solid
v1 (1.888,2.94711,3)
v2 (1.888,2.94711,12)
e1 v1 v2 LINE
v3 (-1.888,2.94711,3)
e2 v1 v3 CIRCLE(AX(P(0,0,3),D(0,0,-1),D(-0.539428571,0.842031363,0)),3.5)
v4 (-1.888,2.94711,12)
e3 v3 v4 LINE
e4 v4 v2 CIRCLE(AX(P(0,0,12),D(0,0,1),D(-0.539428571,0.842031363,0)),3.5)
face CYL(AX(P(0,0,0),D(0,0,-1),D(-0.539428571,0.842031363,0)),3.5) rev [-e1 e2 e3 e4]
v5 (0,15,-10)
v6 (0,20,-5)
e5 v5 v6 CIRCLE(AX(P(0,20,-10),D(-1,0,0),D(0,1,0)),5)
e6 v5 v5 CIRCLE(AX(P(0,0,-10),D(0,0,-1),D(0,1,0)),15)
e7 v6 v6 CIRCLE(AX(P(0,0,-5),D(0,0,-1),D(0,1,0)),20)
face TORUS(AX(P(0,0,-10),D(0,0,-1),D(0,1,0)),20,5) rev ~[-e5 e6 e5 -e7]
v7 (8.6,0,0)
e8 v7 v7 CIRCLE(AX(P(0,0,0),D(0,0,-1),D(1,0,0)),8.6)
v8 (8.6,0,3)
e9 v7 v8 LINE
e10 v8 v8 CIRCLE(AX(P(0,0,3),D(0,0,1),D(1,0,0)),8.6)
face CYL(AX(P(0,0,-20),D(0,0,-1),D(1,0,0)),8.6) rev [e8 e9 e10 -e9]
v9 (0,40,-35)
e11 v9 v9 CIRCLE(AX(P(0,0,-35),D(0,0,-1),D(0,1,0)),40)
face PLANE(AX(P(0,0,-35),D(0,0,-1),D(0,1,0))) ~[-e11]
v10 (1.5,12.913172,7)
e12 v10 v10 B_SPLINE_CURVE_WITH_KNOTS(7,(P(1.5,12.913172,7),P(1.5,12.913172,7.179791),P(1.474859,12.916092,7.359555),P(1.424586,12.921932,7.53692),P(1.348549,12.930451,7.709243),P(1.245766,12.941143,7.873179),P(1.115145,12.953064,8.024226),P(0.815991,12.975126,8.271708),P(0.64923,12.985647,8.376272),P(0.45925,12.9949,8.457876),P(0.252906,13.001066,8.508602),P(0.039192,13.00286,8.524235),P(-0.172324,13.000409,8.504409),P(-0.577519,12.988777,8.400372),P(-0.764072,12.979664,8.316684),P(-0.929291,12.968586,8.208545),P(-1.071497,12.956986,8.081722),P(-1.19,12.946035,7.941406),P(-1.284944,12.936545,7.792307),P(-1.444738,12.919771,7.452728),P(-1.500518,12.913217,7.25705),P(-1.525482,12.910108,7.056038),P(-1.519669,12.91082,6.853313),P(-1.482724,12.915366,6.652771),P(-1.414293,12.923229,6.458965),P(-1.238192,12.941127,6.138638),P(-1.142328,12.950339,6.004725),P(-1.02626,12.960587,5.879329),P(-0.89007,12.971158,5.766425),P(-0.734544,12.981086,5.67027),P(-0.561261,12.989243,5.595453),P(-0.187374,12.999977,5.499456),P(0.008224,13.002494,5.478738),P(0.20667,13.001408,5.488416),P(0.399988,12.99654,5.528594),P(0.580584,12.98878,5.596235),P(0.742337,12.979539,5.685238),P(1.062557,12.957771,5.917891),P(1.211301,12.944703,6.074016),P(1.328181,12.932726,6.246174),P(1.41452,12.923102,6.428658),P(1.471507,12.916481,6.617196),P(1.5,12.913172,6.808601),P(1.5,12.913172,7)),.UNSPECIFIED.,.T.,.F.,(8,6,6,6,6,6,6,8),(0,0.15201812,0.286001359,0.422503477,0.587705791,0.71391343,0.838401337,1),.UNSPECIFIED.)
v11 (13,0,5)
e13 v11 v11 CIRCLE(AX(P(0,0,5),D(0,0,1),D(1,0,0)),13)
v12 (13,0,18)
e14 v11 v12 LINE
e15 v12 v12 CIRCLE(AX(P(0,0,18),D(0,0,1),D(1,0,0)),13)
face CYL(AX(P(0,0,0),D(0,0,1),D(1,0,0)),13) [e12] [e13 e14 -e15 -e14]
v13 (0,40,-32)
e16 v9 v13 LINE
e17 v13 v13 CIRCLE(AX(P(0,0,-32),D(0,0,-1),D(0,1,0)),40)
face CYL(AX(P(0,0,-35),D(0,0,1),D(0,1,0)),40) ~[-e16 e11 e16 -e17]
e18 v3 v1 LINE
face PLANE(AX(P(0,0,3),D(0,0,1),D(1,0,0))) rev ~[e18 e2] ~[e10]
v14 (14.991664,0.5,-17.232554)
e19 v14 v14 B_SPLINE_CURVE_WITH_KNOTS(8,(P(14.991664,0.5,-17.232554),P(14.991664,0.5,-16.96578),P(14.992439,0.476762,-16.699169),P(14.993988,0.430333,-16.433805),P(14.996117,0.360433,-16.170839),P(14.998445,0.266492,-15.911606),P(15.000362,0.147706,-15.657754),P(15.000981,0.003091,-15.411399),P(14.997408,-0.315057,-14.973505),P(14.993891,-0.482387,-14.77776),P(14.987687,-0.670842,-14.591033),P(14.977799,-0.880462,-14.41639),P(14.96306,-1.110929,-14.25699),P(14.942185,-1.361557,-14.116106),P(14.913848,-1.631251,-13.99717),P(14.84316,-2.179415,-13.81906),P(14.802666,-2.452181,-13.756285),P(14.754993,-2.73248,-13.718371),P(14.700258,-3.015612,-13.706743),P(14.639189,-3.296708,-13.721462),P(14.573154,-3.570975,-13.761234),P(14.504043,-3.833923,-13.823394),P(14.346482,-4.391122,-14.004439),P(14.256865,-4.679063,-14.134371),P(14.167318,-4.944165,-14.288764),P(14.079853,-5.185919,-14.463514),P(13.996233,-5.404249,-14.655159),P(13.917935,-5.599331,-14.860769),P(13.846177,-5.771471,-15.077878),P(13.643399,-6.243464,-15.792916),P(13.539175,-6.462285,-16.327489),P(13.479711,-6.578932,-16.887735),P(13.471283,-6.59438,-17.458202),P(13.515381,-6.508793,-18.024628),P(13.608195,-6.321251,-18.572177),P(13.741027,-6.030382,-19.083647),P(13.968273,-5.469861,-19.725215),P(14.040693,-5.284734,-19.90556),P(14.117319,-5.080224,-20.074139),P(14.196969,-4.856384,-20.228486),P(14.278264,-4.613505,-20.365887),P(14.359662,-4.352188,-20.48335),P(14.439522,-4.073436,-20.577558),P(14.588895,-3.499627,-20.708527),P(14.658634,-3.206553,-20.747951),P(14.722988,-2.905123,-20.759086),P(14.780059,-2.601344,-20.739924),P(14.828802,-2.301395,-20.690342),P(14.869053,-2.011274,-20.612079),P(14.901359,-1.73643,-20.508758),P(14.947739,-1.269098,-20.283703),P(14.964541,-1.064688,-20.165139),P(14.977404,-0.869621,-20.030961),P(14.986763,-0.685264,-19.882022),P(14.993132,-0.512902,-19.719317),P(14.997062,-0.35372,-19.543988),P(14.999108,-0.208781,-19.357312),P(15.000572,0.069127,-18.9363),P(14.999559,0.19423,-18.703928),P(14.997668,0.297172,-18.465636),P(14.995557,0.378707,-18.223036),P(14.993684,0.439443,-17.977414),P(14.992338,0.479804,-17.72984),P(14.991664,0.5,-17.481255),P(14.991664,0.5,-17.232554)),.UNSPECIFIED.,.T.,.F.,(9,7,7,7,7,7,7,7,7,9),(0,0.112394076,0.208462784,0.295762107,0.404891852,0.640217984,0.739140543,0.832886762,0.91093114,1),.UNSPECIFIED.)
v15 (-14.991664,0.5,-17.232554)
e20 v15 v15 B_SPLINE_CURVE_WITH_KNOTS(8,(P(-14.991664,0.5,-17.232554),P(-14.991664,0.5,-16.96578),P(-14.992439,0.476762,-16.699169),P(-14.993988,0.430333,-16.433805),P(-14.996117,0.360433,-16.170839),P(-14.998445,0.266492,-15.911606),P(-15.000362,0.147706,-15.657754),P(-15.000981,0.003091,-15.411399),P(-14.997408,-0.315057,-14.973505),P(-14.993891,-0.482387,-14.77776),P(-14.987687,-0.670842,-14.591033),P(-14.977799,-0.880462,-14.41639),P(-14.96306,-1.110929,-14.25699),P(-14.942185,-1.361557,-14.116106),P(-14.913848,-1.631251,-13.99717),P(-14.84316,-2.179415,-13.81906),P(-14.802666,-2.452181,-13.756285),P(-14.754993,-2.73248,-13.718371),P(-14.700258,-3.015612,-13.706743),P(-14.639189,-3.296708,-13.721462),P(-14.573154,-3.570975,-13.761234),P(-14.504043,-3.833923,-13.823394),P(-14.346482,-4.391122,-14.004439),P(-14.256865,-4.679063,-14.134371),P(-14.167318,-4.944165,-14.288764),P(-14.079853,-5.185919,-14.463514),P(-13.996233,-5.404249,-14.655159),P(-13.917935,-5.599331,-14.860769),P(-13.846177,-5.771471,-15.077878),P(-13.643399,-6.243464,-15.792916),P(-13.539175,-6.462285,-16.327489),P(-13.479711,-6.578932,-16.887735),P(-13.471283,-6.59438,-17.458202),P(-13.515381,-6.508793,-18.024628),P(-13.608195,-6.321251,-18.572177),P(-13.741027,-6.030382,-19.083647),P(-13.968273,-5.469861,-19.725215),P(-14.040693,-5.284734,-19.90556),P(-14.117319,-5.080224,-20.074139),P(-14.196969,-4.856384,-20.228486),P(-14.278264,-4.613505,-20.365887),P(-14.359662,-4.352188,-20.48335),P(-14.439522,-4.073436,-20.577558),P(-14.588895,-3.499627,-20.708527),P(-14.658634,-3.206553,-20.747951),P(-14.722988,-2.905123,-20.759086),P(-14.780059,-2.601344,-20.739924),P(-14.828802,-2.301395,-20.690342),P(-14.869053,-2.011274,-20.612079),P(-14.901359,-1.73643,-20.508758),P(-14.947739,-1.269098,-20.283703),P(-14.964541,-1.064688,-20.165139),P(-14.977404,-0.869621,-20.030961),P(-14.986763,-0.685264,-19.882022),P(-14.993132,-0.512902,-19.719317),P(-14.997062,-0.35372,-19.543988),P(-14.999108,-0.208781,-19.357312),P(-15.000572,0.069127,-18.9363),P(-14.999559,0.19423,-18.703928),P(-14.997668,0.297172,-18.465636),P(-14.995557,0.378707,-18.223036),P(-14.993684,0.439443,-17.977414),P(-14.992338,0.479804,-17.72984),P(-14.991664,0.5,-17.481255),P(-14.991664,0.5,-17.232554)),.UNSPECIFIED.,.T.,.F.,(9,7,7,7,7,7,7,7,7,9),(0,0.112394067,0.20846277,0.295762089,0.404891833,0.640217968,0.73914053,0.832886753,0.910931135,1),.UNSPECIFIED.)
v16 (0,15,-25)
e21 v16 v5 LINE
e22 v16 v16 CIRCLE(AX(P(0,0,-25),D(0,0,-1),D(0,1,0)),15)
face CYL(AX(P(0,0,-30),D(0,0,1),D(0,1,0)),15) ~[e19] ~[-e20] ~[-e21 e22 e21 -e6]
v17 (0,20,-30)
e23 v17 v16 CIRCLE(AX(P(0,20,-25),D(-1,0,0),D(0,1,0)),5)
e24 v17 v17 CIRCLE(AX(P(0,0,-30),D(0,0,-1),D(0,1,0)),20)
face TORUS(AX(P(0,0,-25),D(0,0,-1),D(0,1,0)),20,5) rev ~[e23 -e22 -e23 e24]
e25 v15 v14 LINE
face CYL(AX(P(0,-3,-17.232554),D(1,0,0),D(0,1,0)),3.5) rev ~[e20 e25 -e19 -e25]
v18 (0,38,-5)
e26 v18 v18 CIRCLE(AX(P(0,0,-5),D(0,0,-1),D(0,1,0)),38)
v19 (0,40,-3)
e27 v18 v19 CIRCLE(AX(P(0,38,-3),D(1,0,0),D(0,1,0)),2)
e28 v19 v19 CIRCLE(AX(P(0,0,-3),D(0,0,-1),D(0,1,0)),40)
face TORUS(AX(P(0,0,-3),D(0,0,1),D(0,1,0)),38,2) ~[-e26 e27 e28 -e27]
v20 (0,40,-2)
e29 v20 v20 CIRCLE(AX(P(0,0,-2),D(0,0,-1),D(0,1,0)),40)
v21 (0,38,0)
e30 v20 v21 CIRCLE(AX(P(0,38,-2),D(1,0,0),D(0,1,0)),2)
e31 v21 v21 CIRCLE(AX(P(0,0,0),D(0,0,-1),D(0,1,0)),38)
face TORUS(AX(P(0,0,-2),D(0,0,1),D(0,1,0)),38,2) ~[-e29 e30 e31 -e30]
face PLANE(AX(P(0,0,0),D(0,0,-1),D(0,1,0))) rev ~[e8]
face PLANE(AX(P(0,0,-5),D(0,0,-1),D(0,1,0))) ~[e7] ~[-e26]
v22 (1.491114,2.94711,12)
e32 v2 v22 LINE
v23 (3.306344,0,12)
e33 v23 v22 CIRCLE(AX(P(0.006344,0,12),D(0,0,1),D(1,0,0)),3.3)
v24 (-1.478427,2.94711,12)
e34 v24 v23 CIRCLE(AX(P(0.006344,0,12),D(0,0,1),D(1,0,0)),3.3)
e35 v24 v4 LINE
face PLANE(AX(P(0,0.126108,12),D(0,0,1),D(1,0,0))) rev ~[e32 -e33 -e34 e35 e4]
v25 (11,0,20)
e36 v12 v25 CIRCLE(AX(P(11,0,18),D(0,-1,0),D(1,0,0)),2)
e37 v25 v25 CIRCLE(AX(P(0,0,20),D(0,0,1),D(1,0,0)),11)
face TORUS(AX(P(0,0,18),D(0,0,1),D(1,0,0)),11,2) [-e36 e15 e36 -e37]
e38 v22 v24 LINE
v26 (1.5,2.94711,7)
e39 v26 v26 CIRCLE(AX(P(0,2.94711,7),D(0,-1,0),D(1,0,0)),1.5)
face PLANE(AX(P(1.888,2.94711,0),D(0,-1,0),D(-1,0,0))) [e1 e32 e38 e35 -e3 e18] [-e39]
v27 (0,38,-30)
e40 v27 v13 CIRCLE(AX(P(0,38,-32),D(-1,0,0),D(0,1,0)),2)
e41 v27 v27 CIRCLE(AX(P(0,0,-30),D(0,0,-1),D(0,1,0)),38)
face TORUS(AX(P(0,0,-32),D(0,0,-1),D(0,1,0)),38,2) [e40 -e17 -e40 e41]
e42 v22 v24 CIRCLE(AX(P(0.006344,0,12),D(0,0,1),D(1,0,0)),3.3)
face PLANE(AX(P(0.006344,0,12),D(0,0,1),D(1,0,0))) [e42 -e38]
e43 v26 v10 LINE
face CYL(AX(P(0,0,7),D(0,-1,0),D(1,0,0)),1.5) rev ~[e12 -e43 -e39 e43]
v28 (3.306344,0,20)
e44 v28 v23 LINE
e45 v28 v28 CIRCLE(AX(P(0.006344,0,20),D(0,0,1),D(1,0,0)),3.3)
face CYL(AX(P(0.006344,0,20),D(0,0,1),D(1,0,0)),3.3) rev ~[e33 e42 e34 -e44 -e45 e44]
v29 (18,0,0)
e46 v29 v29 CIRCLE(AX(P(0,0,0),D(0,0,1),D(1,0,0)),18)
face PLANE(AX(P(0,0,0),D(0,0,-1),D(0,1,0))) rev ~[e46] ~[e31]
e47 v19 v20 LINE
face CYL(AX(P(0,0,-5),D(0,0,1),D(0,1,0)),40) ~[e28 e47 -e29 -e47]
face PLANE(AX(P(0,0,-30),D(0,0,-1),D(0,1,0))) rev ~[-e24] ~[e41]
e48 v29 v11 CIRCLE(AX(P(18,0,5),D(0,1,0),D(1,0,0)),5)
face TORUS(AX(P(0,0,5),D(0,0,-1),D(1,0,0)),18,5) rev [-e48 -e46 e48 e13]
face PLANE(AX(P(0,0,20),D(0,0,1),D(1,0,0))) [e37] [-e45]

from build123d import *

# Parameters (mm, degrees)
F0_R      = 13
F5_DEPTH  = 20
F4_R      = 8.6
F6_DEPTH  = 23
F3_R      = 3.3
F8_DEPTH  = 8
F9_DEPTH  = 12
F10_R     = 2.05
F11_DEPTH = 50
F12_R     = 1.5
F13_DEPTH = 25
F15_R     = 3.5
F16_DEPTH = 5
F19_DEPTH = 3
F22_R     = 3.5
F23_DEPTH = 62.5
F24_R     = 5
F25_R     = 2


with BuildPart() as f5:
    # F0 (on Top) → F5 (new body, symmetric)
    with BuildSketch(Plane.XY):
        Circle(F0_R)
    extrude(amount=F5_DEPTH, both=True)

    # F4 (on offset) → F6 (cut)
    with BuildSketch(Plane.XY.offset(-20)):
        Circle(F4_R)
    extrude(amount=F6_DEPTH, mode=Mode.SUBTRACT)

    # F3 (on offset) → F8 (cut)
    with BuildSketch(Plane.XY.offset(20)):
        with Locations((0.0063437128, 0)):
            Circle(F3_R)
    extrude(amount=-F8_DEPTH, mode=Mode.SUBTRACT)

    # F7 (on Top) → F9 (cut)
    with BuildSketch(Plane.XY):
        with BuildLine():
            Line((1.888, 2.9471097706), (0, 2.9471097706))
            Line((0, 2.9471097706), (-1.888, 2.9471097706))
            ThreePointArc((-1.888, 2.9471097706), (0, -3.5), (1.888, 2.9471097706))
        make_face()
    extrude(amount=F9_DEPTH, mode=Mode.SUBTRACT)

    # F10 (on Right) → F11 (cut, symmetric)
    with BuildSketch(Plane.YZ):
        with Locations((-2.5, -12.5)):
            Circle(F10_R)
    extrude(amount=F11_DEPTH, both=True, mode=Mode.SUBTRACT)

    # F12 (on Front) → F13 (cut)
    with BuildSketch(Plane.XZ):
        with Locations((0, 7)):
            Circle(F12_R)
    extrude(amount=-F13_DEPTH, mode=Mode.SUBTRACT)

    # F15 (on offset) → F16 (cut)
    with BuildSketch(Plane.YZ.offset(11)):
        with Locations((-2.5, -12.5)):
            Circle(F15_R)
    extrude(amount=F16_DEPTH, mode=Mode.SUBTRACT)

    # F18 (on offset) → F19 (cut)
    with BuildSketch(Plane.YZ.offset(-12)):
        Polygon((-5.9460342998, -10.8984858401), (-5.6099690969, -14.683596166), (-2.1639347971, -16.2851103259), (0.9460342998, -14.1015141599), (0.6099690969, -10.316403834), (-2.8360652029, -8.7148896741), align=None)
    extrude(amount=-F19_DEPTH, mode=Mode.SUBTRACT)

    # F20 (on Right) → F21 (revolve)
    with BuildSketch(Plane.YZ):
        Polygon((0, 0), (0, -35), (40, -35), (40, -30), (15, -30), (15, -5), (40, -5), (40, 0), align=None)
    revolve(axis=Axis((0, 0, -17.5), (0, 0, -1)))

    # F22 (on Right) → F23 (cut, symmetric)
    with BuildSketch(Plane.YZ):
        with Locations((-3, -17.2325540334)):
            Circle(F22_R)
    extrude(amount=F23_DEPTH, both=True, mode=Mode.SUBTRACT)

    # F24
    f24_edges = [f5.edges().sort_by_distance(p)[0] for p in [
        (0, -15, -5),
        (0, -15, -30),
        (-13, 0, 0),
    ]]
    fillet(f24_edges, radius=F24_R)

    # F25
    f25_edges = [f5.edges().sort_by_distance(p)[0] for p in [
        (0, -40, 0),
        (0, -40, -5),
        (0, -40, -30),
        (-13, 0, 20),
    ]]
    fillet(f25_edges, radius=F25_R)


solid = f5.part
